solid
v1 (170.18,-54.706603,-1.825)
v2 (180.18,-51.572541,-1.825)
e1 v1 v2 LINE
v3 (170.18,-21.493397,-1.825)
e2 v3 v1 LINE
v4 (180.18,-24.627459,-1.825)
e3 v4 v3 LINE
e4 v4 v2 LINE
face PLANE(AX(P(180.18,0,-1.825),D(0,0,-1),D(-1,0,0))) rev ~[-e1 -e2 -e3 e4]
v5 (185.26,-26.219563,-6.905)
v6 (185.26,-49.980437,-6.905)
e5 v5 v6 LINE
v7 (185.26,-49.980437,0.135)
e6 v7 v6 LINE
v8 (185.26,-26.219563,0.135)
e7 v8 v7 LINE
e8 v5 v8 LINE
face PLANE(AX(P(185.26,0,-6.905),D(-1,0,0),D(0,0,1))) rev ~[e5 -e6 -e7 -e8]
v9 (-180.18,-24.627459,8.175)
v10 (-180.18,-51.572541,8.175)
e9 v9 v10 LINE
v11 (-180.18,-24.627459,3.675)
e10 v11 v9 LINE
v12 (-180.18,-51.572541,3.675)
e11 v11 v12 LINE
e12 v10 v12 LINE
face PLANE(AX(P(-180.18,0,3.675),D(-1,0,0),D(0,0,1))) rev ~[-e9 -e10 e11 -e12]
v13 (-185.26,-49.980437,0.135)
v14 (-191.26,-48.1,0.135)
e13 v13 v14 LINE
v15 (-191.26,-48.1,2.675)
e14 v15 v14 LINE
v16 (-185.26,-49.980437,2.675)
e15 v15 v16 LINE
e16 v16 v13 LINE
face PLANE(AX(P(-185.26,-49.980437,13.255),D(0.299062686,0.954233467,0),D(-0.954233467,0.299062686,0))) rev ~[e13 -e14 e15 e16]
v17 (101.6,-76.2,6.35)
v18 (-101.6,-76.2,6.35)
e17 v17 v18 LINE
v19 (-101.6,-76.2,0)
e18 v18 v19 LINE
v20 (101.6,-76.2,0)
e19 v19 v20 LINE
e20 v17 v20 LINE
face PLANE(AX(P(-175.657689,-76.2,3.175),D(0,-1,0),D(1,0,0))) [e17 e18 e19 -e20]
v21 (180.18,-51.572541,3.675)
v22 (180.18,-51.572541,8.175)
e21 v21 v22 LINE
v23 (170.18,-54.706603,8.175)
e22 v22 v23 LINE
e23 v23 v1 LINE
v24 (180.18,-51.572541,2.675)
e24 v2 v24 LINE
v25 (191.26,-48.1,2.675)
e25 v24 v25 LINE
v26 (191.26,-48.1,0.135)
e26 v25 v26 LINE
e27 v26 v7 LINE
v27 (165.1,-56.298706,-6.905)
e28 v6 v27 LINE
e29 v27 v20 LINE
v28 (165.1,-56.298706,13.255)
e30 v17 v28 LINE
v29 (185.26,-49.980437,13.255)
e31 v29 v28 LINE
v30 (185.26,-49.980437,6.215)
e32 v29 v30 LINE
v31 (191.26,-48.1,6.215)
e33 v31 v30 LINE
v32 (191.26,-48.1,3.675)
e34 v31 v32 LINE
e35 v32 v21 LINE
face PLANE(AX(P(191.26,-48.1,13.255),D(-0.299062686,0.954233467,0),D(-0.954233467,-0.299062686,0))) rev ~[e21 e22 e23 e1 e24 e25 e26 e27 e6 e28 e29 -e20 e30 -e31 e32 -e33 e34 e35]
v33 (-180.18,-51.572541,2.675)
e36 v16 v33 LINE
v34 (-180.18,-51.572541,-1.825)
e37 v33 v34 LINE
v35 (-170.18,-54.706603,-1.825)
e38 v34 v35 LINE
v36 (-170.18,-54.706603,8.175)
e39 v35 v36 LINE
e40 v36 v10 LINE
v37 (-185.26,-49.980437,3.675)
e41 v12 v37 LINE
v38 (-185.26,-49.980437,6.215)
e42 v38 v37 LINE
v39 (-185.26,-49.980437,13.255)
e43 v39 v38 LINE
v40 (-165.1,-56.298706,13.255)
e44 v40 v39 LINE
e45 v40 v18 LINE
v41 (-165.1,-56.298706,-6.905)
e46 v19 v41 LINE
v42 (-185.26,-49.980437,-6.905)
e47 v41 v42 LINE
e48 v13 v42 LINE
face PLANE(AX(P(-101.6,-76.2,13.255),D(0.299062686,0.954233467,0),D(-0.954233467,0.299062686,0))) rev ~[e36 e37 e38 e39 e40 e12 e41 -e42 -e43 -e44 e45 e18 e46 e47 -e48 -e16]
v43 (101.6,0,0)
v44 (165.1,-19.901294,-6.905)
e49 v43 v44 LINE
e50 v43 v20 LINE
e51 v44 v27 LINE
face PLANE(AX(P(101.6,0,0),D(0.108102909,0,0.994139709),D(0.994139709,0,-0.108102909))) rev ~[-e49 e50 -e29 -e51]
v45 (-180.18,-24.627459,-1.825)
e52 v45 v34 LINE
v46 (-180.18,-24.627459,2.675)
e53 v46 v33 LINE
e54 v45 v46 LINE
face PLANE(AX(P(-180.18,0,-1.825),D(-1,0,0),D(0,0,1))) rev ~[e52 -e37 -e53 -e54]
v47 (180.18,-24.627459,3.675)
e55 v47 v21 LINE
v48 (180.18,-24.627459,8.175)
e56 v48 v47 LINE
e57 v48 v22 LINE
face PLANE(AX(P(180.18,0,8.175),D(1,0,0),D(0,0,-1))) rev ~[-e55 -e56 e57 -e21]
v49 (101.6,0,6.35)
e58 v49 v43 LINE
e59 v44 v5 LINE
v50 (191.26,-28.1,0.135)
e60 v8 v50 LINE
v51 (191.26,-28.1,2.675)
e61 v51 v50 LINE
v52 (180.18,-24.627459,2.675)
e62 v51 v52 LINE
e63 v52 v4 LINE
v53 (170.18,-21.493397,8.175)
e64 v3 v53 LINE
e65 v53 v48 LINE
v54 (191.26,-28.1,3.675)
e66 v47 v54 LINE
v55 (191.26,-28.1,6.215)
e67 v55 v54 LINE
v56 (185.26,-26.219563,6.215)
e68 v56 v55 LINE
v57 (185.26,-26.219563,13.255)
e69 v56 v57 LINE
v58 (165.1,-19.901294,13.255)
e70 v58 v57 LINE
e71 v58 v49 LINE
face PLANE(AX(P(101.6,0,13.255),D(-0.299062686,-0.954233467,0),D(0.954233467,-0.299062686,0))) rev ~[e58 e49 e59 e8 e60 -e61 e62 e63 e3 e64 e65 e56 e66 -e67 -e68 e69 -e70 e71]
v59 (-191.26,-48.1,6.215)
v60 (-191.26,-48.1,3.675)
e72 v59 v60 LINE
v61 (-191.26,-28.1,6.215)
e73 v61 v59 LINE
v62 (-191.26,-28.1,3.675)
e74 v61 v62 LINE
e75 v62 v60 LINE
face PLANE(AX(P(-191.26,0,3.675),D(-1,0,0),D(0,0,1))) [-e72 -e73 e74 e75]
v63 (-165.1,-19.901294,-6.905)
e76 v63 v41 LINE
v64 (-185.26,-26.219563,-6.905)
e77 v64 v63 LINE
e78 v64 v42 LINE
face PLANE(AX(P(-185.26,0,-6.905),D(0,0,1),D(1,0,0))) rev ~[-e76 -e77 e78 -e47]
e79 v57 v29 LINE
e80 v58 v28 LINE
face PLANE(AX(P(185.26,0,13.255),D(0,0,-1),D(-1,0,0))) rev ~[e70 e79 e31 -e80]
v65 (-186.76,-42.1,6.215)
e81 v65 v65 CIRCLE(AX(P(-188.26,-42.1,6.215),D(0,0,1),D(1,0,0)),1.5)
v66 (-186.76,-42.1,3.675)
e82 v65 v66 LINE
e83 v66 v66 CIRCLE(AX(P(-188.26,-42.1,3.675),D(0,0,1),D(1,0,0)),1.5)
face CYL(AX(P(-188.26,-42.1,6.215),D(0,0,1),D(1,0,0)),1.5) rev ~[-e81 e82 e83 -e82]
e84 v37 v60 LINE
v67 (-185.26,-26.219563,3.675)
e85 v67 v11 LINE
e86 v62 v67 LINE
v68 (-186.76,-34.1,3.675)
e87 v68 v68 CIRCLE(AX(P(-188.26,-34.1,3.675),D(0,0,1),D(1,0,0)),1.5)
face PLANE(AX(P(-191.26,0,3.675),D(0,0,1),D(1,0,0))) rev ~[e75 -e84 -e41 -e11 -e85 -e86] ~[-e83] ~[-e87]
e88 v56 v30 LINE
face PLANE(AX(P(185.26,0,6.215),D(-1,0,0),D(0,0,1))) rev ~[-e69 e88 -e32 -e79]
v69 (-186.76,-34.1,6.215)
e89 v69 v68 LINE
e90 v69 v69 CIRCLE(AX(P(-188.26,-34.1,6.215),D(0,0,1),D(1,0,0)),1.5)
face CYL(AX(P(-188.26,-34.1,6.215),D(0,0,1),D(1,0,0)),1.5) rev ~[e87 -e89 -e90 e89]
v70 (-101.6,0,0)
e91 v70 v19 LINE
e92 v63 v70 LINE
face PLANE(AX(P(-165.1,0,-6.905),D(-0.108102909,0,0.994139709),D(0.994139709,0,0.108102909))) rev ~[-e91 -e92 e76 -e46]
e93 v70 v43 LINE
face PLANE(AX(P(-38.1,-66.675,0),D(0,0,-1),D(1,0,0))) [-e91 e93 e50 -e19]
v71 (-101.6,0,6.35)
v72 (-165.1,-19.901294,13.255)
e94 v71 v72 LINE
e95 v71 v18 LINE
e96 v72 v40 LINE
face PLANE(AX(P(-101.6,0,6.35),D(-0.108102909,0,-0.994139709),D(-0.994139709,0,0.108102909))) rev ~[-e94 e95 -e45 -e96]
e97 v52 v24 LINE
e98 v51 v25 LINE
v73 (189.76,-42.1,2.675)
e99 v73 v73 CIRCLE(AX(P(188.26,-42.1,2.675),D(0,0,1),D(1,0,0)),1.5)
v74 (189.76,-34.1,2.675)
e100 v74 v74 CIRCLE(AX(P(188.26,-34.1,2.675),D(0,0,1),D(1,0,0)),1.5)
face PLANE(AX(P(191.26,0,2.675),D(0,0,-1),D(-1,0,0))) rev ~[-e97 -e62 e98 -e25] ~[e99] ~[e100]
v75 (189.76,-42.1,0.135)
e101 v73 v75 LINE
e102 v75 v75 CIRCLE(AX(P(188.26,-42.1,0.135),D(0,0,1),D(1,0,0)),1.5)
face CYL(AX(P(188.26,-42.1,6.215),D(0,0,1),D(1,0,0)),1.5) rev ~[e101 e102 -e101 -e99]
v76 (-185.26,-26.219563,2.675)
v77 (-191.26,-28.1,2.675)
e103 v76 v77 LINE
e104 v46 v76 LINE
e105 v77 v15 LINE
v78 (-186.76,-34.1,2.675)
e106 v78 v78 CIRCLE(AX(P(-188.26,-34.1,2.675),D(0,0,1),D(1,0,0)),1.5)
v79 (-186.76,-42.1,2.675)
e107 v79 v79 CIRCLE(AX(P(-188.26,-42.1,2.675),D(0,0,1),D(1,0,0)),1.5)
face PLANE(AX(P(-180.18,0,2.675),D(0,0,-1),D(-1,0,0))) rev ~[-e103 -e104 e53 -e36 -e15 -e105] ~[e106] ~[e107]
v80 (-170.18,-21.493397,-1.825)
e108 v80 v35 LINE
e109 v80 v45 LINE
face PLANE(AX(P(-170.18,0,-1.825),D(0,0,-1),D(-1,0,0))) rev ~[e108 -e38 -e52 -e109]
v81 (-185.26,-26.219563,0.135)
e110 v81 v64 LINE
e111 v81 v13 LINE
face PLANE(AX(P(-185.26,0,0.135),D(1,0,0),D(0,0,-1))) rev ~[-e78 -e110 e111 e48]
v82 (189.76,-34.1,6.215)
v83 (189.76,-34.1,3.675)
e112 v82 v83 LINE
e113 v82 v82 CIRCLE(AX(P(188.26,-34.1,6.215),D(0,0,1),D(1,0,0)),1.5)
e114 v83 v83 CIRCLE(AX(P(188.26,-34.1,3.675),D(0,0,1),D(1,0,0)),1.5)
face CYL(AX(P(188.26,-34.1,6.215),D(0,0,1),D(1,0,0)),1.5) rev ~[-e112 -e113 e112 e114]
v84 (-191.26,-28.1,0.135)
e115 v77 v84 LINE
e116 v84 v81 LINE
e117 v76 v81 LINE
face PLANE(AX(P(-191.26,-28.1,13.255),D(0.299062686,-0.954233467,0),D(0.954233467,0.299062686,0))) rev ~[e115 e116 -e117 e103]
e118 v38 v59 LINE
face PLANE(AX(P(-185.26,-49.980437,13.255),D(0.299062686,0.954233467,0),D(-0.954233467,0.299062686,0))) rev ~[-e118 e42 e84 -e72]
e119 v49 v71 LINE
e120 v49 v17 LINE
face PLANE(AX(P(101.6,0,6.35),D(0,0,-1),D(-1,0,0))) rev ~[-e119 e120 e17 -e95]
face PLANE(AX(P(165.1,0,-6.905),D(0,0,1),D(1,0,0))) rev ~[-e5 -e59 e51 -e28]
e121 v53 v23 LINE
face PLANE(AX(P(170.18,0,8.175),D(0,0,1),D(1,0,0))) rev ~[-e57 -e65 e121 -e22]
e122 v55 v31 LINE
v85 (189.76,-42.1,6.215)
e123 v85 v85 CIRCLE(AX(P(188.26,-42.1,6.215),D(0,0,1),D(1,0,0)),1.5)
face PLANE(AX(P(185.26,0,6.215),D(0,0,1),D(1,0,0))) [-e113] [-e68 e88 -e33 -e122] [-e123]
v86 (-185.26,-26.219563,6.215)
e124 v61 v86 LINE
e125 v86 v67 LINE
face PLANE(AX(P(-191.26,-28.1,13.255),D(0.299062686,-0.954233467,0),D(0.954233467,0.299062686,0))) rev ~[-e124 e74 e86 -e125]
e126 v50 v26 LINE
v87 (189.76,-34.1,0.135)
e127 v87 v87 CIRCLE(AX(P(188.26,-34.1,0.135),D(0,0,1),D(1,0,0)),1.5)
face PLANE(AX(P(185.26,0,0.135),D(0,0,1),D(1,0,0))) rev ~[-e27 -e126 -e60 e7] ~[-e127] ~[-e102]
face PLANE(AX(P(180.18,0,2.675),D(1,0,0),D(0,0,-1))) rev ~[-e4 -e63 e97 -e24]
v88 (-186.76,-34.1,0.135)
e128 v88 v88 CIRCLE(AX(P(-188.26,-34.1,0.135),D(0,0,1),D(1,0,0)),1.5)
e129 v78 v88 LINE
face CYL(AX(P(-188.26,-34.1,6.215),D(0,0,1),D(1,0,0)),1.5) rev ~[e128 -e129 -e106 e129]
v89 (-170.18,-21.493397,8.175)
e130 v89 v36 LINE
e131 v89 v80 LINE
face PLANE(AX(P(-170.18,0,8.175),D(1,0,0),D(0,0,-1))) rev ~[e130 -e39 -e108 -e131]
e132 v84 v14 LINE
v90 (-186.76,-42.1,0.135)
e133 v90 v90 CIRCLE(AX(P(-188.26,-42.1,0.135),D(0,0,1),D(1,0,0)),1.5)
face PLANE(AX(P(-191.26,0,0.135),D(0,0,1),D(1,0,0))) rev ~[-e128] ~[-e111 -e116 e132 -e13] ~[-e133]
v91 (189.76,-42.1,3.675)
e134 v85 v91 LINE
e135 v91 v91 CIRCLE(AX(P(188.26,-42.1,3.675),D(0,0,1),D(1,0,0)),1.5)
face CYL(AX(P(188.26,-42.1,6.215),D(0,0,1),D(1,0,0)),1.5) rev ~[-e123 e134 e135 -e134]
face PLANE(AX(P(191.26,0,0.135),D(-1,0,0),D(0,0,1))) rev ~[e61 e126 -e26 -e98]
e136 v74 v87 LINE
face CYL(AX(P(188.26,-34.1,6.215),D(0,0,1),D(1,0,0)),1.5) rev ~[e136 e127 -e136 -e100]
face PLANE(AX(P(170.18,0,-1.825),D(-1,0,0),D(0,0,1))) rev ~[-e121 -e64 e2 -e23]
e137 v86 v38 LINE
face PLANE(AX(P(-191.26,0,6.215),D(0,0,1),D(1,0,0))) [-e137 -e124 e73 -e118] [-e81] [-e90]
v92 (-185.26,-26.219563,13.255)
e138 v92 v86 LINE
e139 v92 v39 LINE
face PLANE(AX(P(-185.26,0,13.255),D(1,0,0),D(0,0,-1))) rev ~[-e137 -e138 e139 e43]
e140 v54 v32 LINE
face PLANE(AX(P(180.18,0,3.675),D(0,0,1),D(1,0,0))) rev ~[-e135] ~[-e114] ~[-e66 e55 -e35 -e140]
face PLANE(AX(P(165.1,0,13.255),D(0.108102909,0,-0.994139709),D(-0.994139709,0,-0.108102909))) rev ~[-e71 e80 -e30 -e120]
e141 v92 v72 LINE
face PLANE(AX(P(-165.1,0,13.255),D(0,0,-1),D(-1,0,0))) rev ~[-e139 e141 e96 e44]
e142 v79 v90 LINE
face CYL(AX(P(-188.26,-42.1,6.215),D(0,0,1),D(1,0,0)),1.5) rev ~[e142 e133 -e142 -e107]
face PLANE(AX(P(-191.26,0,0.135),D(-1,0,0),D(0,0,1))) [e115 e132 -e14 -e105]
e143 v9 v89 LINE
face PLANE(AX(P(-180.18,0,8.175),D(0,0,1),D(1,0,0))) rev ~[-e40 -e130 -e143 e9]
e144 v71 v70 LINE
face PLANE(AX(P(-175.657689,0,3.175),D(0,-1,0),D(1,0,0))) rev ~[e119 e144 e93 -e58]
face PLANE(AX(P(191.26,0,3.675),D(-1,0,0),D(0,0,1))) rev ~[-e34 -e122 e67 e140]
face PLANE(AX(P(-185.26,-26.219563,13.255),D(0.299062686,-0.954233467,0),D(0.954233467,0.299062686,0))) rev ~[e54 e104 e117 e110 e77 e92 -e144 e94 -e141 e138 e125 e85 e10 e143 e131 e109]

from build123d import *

# Parameters (mm, degrees)
F0_W     = 6
F0_H     = 2.54
F0_W_2   = 63.5
F0_H_2   = 6.35
F0_W_3   = 101.6
F1_DEPTH = 76.2
F2_R     = 4.445
F2_R_2   = 1.5875
F3_DEPTH = 25.4
F4_R     = 1.5
F5_DEPTH = 13.121
F7_DEPTH = 20.161
F8_R     = 4.445
F8_R_2   = 1.5875
F9_DEPTH = 6.35


with BuildPart() as f1:
    # F0 (on Front) → F1 (new body)
    with BuildSketch(Plane.XZ):
        Polygon((-180.18, 3.675), (-180.18, 8.175), (-170.18, 8.175), (-170.18, -1.825), (-180.18, -1.825), (-180.18, 2.675), (-185.26, 2.675), (-185.26, 0.135), (-185.26, -6.905), (-165.1, -6.905), (-165.1, 0), (-165.1, 6.35), (-165.1, 13.255), (-185.26, 13.255), (-185.26, 6.215), (-185.26, 3.675), align=None)
        with Locations((-188.26, 4.945)):
            Rectangle(F0_W, F0_H)
        with Locations((-188.26, 1.405)):
            Rectangle(F0_W, F0_H)
        Polygon((-101.6, 6.35), (-165.1, 13.255), (-165.1, 6.35), align=None)
        with Locations((-133.35, 3.175)):
            Rectangle(F0_W_2, F0_H_2)
        with Locations((-50.8, 3.175)):
            Rectangle(F0_W_3, F0_H_2)
        Polygon((-101.6, 0), (-165.1, 0), (-165.1, -6.905), align=None)
        with Locations((50.8, 3.175)):
            Rectangle(F0_W_3, F0_H_2)
        with Locations((133.35, 3.175)):
            Rectangle(F0_W_2, F0_H_2)
        Polygon((165.1, 13.255), (101.6, 6.35), (165.1, 6.35), align=None)
        Polygon((165.1, 0), (101.6, 0), (165.1, -6.905), align=None)
        Polygon((165.1, 13.255), (165.1, 6.35), (165.1, 0), (165.1, -6.905), (185.26, -6.905), (185.26, 0.135), (185.26, 2.675), (180.18, 2.675), (180.18, -1.825), (170.18, -1.825), (170.18, 8.175), (180.18, 8.175), (180.18, 3.675), (185.26, 3.675), (185.26, 6.215), (185.26, 13.255), align=None)
        with Locations((188.26, 4.945)):
            Rectangle(F0_W, F0_H)
        with Locations((188.26, 1.405)):
            Rectangle(F0_W, F0_H)
    extrude(amount=F1_DEPTH)

    # F2 (on face) → F3 (cut)
    with BuildSketch(Plane.XY.offset(6.35)):
        with Locations((-38.1, -9.525)):
            Circle(F2_R)
        with Locations((38.1, -9.525)):
            Circle(F2_R)
        with Locations((38.1, -66.675)):
            Circle(F2_R)
        with Locations((-38.1, -66.675)):
            Circle(F2_R)
        with Locations((-22.9969, -15.1031)):
            Circle(F2_R_2)
        with Locations((22.9969, -61.0969)):
            Circle(F2_R_2)
        with Locations((22.9969, -15.1031)):
            Circle(F2_R_2)
        with Locations((-22.9969, -61.0969)):
            Circle(F2_R_2)
    extrude(amount=-F3_DEPTH, mode=Mode.SUBTRACT)

    # F4 (on face) → F5 (cut, through all)
    with BuildSketch(Plane.XY.offset(6.215)):
        with Locations((-188.26, -34.1)):
            Circle(F4_R)
        with Locations((-188.26, -42.1)):
            Circle(F4_R)
        with Locations((188.26, -42.1)):
            Circle(F4_R)
        with Locations((188.26, -34.1)):
            Circle(F4_R)
    extrude(amount=-F5_DEPTH, mode=Mode.SUBTRACT)

    # F6 (on face) → F7 (cut, through all)
    with BuildSketch(Plane.XY.offset(13.255)):
        Polygon((-165.1, -19.9012937765), (-101.6, 0), (-165.1, 0), align=None)
        Polygon((-185.26, -26.2195627928), (-165.1, -19.9012937765), (-165.1, 0), (-185.26, 0), align=None)
        Polygon((-191.26, -28.1), (-185.26, -26.2195627928), (-185.26, 0), (-191.26, 0), align=None)
        Polygon((-185.26, -76.2), (-185.26, -49.9804372072), (-191.26, -48.1), (-191.26, -76.2), align=None)
        Polygon((-165.1, -76.2), (-165.1, -56.2987062235), (-185.26, -49.9804372072), (-185.26, -76.2), align=None)
        Polygon((-101.6, -76.2), (-165.1, -56.2987062235), (-165.1, -76.2), align=None)
        Polygon((191.26, -48.1), (101.6, -76.2), (191.26, -76.2), align=None)
        Polygon((191.26, 0), (101.6, 0), (191.26, -28.1), align=None)
    extrude(amount=-F7_DEPTH, mode=Mode.SUBTRACT)

    # F8 (on face) → F9 (join, through all)
    with BuildSketch(Plane(origin=(0, 0, 0), x_dir=(1, 0, 0), z_dir=(0, 0, -1))):
        with Locations((-38.1, 66.675)):
            Circle(F8_R)
        with Locations((-38.1, 9.525)):
            Circle(F8_R)
        with Locations((-22.9969, 15.1031)):
            Circle(F8_R_2)
        with Locations((38.1, 9.525)):
            Circle(F8_R)
        with Locations((38.1, 66.675)):
            Circle(F8_R)
        with Locations((22.9969, 61.0969)):
            Circle(F8_R_2)
        with Locations((-22.9969, 61.0969)):
            Circle(F8_R_2)
        with Locations((22.9969, 15.1031)):
            Circle(F8_R_2)
    extrude(amount=-F9_DEPTH)


solid = f1.part
